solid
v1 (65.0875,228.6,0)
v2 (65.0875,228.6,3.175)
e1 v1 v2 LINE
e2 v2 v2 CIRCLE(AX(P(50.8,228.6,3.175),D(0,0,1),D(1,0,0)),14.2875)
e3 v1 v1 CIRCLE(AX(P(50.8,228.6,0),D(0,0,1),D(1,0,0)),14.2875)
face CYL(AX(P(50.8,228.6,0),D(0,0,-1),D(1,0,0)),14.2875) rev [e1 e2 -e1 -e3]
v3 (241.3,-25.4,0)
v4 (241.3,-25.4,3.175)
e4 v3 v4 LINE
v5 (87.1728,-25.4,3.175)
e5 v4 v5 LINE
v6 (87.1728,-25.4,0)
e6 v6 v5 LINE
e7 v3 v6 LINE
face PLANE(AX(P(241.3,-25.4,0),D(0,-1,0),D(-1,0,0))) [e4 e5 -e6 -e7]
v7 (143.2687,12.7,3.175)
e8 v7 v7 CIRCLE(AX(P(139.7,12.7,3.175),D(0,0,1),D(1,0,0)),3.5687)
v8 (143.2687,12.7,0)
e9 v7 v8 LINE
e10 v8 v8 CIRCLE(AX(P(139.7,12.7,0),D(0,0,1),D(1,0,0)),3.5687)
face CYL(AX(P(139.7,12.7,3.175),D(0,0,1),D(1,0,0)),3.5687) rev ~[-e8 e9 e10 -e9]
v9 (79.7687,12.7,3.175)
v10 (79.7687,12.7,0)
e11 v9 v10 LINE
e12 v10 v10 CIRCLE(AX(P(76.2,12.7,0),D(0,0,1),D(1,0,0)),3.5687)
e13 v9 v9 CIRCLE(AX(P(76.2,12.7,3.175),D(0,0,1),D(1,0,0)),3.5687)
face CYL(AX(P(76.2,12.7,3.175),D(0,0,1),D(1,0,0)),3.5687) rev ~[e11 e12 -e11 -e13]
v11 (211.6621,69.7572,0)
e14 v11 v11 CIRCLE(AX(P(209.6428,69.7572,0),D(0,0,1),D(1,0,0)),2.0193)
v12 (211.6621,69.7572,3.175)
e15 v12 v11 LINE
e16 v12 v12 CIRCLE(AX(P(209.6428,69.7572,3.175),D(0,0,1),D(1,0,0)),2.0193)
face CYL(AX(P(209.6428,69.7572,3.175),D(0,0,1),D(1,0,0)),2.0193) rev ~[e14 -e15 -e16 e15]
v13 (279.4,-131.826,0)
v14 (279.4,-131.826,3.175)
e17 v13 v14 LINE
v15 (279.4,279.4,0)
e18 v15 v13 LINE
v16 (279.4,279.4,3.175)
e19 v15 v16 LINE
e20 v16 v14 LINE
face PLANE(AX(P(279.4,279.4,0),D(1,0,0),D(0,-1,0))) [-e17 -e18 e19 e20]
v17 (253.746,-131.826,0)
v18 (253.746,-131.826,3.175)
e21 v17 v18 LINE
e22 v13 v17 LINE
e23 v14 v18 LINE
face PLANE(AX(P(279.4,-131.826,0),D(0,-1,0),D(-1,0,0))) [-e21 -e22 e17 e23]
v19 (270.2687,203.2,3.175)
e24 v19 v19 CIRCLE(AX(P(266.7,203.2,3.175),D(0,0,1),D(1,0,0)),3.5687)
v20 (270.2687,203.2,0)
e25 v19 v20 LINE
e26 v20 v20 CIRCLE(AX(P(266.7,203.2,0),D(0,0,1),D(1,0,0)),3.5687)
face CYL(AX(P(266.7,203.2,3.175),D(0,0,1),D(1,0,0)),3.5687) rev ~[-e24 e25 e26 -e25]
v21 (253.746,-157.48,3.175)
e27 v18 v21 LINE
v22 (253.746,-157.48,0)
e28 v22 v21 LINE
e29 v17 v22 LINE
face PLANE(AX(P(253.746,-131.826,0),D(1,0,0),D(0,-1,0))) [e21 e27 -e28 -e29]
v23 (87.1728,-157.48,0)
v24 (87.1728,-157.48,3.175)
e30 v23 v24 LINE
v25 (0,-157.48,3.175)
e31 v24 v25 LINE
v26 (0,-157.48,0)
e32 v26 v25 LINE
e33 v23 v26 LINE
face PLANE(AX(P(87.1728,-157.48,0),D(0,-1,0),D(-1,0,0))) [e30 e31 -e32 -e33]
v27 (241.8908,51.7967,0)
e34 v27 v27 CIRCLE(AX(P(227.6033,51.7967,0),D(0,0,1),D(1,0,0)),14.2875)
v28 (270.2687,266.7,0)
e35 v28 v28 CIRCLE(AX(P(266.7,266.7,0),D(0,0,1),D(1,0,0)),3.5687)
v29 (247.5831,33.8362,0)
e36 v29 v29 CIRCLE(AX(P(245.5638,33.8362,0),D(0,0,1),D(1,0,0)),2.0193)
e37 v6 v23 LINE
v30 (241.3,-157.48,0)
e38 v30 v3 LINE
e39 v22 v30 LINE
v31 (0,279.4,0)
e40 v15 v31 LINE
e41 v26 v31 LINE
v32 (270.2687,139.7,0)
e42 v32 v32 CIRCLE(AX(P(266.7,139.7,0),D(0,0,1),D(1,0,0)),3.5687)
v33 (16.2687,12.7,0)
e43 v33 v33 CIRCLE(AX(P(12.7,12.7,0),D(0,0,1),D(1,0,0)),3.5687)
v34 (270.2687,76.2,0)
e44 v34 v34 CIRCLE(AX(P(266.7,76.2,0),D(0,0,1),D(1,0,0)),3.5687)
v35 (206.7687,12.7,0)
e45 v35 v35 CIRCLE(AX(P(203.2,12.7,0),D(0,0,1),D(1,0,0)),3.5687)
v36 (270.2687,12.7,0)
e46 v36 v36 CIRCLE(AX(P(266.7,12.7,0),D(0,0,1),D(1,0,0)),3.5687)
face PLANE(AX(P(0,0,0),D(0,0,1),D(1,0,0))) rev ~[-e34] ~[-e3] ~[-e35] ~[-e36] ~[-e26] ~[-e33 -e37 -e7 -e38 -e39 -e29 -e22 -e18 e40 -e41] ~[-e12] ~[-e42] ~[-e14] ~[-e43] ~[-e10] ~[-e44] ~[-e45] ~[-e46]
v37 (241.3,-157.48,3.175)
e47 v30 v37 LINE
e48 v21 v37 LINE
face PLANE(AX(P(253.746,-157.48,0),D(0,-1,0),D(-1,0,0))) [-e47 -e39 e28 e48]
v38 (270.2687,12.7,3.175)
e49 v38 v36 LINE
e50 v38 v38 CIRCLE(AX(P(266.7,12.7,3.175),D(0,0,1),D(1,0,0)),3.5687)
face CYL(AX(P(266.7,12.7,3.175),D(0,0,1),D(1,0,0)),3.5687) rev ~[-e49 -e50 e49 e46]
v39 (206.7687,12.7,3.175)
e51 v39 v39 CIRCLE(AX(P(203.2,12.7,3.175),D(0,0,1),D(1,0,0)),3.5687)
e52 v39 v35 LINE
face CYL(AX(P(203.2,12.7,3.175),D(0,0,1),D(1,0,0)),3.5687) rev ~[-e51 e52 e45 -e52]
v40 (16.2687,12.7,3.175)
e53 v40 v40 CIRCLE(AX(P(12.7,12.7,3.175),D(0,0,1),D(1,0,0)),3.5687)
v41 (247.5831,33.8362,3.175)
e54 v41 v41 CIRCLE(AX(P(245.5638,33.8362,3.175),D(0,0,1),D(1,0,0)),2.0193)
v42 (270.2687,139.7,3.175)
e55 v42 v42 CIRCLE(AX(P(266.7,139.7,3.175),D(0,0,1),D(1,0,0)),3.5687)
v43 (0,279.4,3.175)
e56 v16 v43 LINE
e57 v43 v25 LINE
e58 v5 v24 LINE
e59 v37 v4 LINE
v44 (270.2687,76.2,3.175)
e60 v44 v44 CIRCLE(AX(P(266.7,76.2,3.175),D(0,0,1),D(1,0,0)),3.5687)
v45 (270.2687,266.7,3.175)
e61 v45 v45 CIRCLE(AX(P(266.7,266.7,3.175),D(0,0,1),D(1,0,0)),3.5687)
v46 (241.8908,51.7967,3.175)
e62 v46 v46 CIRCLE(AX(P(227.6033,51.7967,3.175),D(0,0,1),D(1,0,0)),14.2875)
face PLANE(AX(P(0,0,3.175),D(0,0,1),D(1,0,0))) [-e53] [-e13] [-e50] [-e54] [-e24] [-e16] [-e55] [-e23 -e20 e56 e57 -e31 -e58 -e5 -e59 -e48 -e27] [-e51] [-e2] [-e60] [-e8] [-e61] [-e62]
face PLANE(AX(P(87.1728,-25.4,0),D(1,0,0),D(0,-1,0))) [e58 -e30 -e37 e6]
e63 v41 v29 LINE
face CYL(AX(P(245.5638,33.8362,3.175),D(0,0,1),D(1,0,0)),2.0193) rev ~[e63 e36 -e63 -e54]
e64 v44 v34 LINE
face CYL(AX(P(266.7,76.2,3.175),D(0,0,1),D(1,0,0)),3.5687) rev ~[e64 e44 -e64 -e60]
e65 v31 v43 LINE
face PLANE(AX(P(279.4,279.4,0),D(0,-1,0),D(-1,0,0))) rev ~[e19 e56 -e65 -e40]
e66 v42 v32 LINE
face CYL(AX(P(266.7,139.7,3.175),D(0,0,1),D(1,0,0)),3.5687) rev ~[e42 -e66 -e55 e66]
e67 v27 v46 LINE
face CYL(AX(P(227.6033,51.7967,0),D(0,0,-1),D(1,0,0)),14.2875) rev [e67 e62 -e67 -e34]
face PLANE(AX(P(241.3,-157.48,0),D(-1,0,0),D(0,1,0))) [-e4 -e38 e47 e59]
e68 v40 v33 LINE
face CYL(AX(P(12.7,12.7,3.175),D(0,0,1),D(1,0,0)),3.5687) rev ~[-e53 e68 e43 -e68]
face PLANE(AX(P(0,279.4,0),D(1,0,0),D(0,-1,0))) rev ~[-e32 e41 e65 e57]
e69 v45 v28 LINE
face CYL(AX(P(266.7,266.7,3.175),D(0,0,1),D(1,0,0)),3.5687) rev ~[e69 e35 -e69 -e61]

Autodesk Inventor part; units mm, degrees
ref_plane "YZ Plane" through (0, 0, 0) normal (1, 0, 0) x (0, 1, 0)
ref_plane "XZ Plane" through (0, 0, 0) normal (0, 1, 0) x (-1, 0, 0)
ref_plane "XY Plane" through (0, 0, 0) normal (0, 0, 1) x (1, 0, 0)
sketch "Sketch1" plane through (0, 0, 0) normal (0, 0, 1) x (1, 0, 0)
  line L0 (279.4, 279.4) -> (0, 279.4)
  line L1 (0, 279.4) -> (0, 0)
  circle A0 centre (50.8, 228.6) radius 14.2875
  circle A1 centre (50.8, 228.6) radius 250.0376 construction
  circle A2 centre (227.6033, 51.7967) radius 14.2875
  line L2 (50.8, 228.6) -> (279.4, 0) construction
  line L3 (279.4, 279.4) -> (279.4, -131.826)
  line L4 (279.4, -131.826) -> (253.746, -131.826)
  line L5 (253.746, -131.826) -> (253.746, -157.48)
  line L6 (253.746, -157.48) -> (241.3, -157.48)
  line L7 (241.3, -157.48) -> (241.3, -25.4)
  line L8 (241.3, -25.4) -> (87.1728, -25.4)
  line L9 (87.1728, -25.4) -> (87.1728, -157.48)
  line L10 (87.1728, -157.48) -> (0, -157.48)
  line L11 (0, -157.48) -> (0, 0)
  dimension "d5" = 500.0752
  dimension "d0" = 279.4
  dimension "d1" = 279.4
  dimension "d2" = 28.575
  dimension "d6" = 28.575
  dimension "d36" = 411.226
  dimension "d37" = 25.654
  dimension "d38" = 25.654
  dimension "d39" = 12.446
  dimension "d40" = 132.08
  dimension "d41" = 154.1272
extrude "Extrusion1" add sketch "Sketch1" along normal blind 3.175
sketch "Sketch2" plane through (0, 0, 3.175) normal (0, 0, 1) x (1, 0, 0)
  circle A0 centre (266.7, 12.7) radius 3.5687
  line L0 (0, 0) -> (279.4, 0) projected
  line L1 (279.4, 0) -> (279.4, 279.4) projected
  circle A1 centre (266.7, 76.2) radius 3.5687
  circle A2 centre (266.7, 139.7) radius 3.5687
  circle A3 centre (266.7, 203.2) radius 3.5687
  circle A4 centre (266.7, 266.7) radius 3.5687
  circle A5 centre (203.2, 12.7) radius 3.5687
  circle A6 centre (139.7, 12.7) radius 3.5687
  circle A7 centre (76.2, 12.7) radius 3.5687
  circle A8 centre (12.7, 12.7) radius 3.5687
  dimension "d9" = 7.1374
  dimension "d10" = 12.7
  dimension "d11" = 12.7
  dimension "d14" = 63.5
  dimension "d24" = 63.5
extrude "Extrusion2" cut sketch "Sketch2" against normal blind 3.175
sketch "Sketch3" plane through (0, 0, 3.175) normal (0, 0, 1) x (1, 0, 0)
  circle A0 centre (227.6033, 51.7967) radius 14.195
  circle A1 centre (209.6428, 69.7572) radius 2.0193
  circle A2 centre (245.5638, 33.8362) radius 2.0193
  line L0 (206.6033, 58.9967) -> (206.6033, 44.5967)
  line L1 (206.6033, 44.5967) -> (205.3783, 43.3717)
  line L2 (205.3783, 43.3717) -> (205.3783, 37.7967)
  line L3 (205.3783, 37.7967) -> (211.6033, 37.7967)
  arc A3 (213.6033, 35.7967) -> (211.6033, 37.7967) centre (211.6033, 35.7967) ccw
  line L4 (213.6033, 35.7967) -> (213.6033, 30.7967)
  line L5 (213.6033, 30.7967) -> (247.6033, 30.7967)
  arc A4 (247.6033, 30.7967) -> (248.6033, 31.7967) centre (227.6033, 51.7967) ccw
  line L6 (248.6033, 31.7967) -> (248.6033, 33.5967)
  line L7 (248.6033, 33.5967) -> (249.8283, 34.8217)
  line L8 (249.8283, 34.8217) -> (249.8283, 43.3717)
  line L9 (249.8283, 43.3717) -> (248.6033, 44.5967)
  line L10 (248.6033, 44.5967) -> (248.6033, 58.9967)
  line L11 (248.6033, 58.9967) -> (249.8283, 60.2217)
  line L12 (249.8283, 60.2217) -> (249.8283, 65.7967)
  line L13 (249.8283, 65.7967) -> (243.6033, 65.7967)
  arc A5 (241.6033, 67.7967) -> (243.6033, 65.7967) centre (243.6033, 67.7967) ccw
  line L14 (241.6033, 67.7967) -> (241.6033, 72.7967)
  line L15 (241.6033, 72.7967) -> (207.6033, 72.7967)
  arc A6 (207.6033, 72.7967) -> (206.6033, 71.7967) centre (227.6033, 51.7967) ccw
  line L16 (206.6033, 71.7967) -> (206.6033, 69.9967)
  line L17 (206.6033, 69.9967) -> (205.3783, 68.7717)
  line L18 (205.3783, 68.7717) -> (205.3783, 60.2217)
  line L19 (205.3783, 60.2217) -> (206.6033, 58.9967)
  circle A7 centre (227.6033, 51.7967) radius 14.2875 projected
  point P0 (0, 0)
  dimension "d28" = 3.0395
  dimension "d29" = 4.2645
  dimension "d30" = 21
  dimension "d31" = 21
  dimension "d32" = 3.0395
  dimension "d33" = 4.2645
extrude "Extrusion3" cut sketch "Sketch3" against normal blind 25.4 contours A1 | A2
properties part number "1073-2017 Shooter Outside Plate Right"
